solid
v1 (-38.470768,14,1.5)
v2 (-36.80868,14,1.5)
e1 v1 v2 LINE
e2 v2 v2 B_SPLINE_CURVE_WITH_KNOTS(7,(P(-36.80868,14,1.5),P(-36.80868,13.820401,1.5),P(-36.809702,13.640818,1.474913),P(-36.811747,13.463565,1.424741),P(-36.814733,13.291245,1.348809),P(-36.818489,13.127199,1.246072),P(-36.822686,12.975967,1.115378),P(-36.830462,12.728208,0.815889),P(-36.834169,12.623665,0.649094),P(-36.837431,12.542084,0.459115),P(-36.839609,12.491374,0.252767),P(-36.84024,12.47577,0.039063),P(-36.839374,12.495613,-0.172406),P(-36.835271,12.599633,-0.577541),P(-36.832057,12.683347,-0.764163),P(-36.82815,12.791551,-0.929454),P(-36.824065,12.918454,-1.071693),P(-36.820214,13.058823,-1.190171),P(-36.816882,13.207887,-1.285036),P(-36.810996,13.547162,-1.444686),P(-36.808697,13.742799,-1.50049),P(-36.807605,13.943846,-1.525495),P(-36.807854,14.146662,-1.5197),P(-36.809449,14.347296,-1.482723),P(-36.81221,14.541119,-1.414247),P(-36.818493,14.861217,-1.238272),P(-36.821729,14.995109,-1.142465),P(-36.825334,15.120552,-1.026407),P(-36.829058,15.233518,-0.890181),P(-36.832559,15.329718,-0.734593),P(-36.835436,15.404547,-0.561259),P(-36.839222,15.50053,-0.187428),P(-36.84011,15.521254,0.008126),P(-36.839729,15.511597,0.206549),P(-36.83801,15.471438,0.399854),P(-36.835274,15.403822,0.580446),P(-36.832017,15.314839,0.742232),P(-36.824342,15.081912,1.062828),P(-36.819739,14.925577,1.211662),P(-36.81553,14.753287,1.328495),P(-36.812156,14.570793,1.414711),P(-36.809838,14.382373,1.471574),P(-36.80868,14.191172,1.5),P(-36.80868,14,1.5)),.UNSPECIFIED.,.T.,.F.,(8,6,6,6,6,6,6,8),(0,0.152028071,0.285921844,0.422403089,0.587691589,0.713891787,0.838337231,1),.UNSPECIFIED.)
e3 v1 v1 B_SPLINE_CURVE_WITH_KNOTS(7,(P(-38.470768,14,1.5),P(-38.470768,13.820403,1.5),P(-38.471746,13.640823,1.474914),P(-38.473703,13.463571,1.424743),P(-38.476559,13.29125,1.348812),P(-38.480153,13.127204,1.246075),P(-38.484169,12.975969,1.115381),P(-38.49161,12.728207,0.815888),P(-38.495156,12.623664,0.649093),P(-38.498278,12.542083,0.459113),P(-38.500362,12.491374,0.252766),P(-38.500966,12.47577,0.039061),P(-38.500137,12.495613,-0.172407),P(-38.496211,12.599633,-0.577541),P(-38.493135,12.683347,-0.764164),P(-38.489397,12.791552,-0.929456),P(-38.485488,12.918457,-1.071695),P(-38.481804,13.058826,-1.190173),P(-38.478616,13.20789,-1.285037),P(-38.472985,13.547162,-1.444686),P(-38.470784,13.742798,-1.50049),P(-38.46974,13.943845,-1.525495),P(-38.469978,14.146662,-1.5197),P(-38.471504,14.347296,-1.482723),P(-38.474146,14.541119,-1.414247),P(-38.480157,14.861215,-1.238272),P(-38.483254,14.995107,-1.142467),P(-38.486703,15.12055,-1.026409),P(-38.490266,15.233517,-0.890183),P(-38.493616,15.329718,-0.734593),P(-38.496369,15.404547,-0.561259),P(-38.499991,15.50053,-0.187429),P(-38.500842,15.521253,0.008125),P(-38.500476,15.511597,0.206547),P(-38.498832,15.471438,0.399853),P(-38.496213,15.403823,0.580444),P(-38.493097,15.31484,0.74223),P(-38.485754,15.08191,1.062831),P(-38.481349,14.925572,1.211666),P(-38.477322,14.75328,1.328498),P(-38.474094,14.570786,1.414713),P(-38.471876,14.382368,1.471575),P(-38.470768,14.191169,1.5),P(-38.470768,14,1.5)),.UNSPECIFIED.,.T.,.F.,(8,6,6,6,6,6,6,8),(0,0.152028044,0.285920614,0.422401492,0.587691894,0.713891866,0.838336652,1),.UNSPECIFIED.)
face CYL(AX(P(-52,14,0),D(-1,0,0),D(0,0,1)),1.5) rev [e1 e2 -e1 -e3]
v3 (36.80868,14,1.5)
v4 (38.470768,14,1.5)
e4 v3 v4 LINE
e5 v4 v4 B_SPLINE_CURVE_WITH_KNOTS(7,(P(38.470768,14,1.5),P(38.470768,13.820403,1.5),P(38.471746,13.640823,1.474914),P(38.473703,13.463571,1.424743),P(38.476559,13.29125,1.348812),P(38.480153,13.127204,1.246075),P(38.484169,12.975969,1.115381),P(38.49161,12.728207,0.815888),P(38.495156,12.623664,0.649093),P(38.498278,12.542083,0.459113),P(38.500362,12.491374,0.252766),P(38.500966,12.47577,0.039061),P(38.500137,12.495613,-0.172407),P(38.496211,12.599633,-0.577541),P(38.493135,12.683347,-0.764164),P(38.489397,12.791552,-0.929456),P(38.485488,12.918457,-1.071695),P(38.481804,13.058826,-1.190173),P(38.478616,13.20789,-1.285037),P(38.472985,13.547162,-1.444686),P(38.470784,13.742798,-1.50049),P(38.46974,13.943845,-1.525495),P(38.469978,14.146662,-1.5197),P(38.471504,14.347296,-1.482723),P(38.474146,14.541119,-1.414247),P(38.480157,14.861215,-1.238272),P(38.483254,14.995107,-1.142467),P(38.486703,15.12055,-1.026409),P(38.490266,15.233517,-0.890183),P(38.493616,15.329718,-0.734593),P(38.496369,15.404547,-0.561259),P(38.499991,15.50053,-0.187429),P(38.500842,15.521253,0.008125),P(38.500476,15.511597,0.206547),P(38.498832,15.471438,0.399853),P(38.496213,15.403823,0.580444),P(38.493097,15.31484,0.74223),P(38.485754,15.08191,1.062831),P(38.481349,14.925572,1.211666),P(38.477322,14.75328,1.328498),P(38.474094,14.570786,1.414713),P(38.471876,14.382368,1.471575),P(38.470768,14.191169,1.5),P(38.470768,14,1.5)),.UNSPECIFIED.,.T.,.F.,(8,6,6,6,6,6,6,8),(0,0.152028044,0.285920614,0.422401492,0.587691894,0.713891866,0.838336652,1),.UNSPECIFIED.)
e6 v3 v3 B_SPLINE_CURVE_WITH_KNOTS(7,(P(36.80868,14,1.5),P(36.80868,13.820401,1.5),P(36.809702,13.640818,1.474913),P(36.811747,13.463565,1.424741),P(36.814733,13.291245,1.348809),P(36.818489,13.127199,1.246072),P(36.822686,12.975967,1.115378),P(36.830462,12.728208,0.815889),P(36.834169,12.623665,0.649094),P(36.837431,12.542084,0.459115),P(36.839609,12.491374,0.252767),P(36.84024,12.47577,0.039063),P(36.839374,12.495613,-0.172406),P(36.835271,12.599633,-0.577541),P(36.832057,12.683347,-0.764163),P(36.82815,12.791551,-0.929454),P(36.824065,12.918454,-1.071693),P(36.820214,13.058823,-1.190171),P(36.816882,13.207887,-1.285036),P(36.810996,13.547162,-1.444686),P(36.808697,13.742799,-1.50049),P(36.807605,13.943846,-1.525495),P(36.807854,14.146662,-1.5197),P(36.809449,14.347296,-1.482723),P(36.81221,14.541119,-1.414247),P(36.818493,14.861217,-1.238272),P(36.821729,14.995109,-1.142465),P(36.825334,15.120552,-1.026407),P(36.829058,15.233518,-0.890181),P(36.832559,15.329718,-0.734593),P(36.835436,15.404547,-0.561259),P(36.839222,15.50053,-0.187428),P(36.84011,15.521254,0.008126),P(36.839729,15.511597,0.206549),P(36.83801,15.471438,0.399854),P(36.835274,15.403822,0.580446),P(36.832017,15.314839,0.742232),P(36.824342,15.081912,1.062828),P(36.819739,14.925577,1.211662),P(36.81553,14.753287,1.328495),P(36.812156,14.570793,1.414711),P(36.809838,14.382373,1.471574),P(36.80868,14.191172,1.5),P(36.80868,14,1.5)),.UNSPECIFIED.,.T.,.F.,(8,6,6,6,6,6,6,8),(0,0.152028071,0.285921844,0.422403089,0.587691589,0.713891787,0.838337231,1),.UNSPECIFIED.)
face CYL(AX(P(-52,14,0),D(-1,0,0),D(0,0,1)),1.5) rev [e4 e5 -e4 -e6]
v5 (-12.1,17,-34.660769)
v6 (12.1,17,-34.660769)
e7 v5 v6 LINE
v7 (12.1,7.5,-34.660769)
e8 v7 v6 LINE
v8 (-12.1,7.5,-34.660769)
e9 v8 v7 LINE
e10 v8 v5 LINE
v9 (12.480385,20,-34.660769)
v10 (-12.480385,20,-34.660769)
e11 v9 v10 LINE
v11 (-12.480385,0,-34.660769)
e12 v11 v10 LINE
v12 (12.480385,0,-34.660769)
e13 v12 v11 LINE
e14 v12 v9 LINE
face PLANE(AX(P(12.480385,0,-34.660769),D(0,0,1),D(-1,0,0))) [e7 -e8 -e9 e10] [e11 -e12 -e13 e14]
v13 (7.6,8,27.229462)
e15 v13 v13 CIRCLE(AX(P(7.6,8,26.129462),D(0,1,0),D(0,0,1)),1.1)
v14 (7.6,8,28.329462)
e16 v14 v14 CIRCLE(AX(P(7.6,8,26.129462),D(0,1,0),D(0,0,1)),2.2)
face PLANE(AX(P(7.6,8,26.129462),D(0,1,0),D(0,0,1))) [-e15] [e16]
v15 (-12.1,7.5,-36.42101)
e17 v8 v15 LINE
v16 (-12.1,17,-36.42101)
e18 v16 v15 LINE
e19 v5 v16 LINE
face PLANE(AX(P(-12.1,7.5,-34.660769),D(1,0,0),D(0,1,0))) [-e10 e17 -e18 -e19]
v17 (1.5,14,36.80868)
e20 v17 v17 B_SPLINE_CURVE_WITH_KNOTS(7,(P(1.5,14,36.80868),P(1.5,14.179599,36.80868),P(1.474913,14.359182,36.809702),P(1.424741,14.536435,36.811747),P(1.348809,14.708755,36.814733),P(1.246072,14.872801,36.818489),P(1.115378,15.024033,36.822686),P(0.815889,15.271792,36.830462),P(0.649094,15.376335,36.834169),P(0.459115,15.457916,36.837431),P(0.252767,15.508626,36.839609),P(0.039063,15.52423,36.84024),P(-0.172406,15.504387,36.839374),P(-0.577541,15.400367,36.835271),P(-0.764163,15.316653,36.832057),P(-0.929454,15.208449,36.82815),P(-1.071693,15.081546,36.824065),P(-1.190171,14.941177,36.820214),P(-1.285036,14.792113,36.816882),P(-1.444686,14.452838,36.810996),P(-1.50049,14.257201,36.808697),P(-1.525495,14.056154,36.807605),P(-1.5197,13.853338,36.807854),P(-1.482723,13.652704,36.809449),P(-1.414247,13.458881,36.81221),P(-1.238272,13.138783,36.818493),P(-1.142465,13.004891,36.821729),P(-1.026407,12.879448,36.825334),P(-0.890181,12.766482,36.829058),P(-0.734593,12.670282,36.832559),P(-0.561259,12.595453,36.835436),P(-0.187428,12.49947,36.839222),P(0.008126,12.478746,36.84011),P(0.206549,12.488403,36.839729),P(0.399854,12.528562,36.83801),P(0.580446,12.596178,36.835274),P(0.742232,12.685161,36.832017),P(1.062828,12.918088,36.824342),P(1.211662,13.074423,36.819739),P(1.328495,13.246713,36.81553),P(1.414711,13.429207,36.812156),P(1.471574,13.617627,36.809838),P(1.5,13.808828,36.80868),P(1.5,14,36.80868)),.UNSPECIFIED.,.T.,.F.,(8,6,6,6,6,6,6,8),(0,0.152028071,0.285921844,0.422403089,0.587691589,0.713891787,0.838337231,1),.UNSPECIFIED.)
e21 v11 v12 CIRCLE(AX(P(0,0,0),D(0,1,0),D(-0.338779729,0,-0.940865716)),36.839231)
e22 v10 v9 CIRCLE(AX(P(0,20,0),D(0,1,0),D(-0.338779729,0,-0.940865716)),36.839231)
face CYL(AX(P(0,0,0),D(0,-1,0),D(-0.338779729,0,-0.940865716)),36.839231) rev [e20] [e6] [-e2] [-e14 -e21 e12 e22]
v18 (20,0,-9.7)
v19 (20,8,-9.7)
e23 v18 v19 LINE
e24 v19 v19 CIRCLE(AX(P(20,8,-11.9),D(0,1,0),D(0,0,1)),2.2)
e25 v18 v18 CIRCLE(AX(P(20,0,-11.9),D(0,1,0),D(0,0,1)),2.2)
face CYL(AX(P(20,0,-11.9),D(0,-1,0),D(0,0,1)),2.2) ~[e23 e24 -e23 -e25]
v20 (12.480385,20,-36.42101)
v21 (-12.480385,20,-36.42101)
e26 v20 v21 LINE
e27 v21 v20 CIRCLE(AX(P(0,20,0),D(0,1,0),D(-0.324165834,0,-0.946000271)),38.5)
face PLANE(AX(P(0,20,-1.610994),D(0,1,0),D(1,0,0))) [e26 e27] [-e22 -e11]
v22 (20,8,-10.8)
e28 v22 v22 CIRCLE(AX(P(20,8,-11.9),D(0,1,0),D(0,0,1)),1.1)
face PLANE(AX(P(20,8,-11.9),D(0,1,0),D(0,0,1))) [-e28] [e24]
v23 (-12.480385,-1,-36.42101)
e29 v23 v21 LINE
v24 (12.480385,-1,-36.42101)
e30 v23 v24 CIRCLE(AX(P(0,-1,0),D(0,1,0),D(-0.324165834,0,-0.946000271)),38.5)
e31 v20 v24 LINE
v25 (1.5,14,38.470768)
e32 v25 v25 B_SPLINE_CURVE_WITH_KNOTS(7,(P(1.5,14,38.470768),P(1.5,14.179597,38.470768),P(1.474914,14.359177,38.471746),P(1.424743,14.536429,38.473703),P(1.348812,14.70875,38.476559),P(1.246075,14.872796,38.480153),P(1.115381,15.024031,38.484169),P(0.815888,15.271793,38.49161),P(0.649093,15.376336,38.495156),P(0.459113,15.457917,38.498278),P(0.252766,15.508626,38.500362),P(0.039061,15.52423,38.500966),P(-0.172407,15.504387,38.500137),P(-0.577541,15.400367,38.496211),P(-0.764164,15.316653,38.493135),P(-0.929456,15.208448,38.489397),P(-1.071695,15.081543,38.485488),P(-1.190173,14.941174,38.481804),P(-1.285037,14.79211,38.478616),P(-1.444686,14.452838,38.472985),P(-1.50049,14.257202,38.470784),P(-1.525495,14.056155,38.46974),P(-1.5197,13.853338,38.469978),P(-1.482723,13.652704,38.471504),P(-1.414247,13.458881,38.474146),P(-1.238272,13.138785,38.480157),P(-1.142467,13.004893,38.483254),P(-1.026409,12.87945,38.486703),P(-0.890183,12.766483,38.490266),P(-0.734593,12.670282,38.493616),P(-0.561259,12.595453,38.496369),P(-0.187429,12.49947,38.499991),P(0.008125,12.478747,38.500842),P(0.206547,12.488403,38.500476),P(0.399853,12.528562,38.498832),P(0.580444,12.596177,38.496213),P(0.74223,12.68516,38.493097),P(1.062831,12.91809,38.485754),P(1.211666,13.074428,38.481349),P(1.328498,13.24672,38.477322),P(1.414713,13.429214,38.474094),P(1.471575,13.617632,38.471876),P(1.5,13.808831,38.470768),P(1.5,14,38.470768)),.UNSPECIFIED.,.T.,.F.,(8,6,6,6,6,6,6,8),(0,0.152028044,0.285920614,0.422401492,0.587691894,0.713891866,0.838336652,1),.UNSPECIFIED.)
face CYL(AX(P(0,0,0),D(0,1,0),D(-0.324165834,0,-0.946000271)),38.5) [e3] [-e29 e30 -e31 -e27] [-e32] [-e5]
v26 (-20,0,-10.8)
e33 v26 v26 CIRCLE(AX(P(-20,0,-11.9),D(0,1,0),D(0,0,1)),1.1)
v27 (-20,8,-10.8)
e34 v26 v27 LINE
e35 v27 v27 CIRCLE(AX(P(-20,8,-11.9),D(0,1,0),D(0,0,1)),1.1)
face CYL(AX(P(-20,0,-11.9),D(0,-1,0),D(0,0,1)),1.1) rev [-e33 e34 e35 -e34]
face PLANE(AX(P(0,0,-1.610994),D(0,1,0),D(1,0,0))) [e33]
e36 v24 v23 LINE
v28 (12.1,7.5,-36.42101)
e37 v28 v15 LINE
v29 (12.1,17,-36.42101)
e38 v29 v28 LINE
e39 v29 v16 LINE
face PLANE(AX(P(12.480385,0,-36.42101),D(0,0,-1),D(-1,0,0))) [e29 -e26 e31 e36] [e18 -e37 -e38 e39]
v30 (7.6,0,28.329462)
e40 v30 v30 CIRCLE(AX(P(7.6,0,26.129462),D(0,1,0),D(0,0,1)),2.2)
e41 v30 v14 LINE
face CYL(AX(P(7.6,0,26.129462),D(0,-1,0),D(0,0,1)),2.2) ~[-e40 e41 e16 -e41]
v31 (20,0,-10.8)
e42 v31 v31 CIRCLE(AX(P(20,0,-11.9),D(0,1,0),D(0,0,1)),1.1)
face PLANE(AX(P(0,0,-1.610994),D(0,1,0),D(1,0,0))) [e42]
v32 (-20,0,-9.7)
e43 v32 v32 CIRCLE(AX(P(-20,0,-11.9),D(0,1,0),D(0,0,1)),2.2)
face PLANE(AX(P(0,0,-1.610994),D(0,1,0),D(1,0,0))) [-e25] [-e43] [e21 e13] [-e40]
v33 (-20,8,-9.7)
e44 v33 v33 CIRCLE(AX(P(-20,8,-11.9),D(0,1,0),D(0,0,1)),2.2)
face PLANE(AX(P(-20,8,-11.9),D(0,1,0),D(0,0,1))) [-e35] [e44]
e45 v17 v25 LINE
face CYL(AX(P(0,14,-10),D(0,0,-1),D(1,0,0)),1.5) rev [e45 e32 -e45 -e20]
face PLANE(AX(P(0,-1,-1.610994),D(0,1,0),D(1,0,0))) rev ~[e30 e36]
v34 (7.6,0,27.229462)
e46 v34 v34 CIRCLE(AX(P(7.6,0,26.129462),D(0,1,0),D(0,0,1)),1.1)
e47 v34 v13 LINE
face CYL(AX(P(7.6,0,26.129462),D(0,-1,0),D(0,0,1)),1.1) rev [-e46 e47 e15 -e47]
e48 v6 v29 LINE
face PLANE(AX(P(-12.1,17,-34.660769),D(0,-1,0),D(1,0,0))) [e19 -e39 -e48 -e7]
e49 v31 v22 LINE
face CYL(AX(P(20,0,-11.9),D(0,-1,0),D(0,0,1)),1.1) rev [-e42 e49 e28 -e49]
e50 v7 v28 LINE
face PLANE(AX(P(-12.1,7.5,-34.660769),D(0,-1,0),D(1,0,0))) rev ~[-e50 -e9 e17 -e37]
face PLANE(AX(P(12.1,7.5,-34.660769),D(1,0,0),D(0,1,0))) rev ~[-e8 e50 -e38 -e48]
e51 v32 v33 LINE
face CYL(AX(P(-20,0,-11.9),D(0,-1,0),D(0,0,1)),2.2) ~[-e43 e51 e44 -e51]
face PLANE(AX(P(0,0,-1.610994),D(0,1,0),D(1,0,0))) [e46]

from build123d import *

# Parameters (mm, degrees)
SKETCH1_R               = 2.2
SKETCH1_R_2             = 1.1
BOSS_EXTRUDE3_DEPTH     = 8
BOSS_EXTRUDE3_2_DEPTH   = 8
BOSS_EXTRUDE4_DEPTH     = 20
BOSS_EXTRUDE8_DEPTH     = 1
SKETCH2_W               = 24.2
SKETCH2_H               = 9.5
CUT_EXTRUDE2_DEPTH      = 9
SKETCH1_11_R            = 2.2
SKETCH1_11_R_2          = 1.1
BOSS_EXTRUDE9_DEPTH     = 8
CUT_EXTRUDE3_DEPTH      = 58
CUT_EXTRUDE3_DEPTH_BACK = 52
SKETCH3_R               = 1.5
CUT_EXTRUDE4_DEPTH      = 52
CUT_EXTRUDE4_DEPTH_BACK = 10
SKETCH4_R               = 1.5


with BuildPart() as part:
    # Sketch1 → Boss-Extrude3 (new body)
    with BuildSketch(Plane(origin=(0, 0, 0), x_dir=(1, 0, 0), z_dir=(0, 1, 0))):
        with Locations(Location((-20, 11.9, 0), (0, 0, 270))):
            Circle(SKETCH1_R)
        with Locations(Location((-20, 11.9, 0), (0, 0, 270))):
            Circle(SKETCH1_R_2, mode=Mode.SUBTRACT)
    extrude(amount=BOSS_EXTRUDE3_DEPTH)



with BuildPart() as body_2:
    # Sketch1 → Boss-Extrude3 2 (new body)
    with BuildSketch(Plane(origin=(0, 0, 0), x_dir=(1, 0, 0), z_dir=(0, 1, 0))):
        with Locations(Location((20, 11.9, 0), (0, 0, 270))):
            Circle(SKETCH1_R)
        with Locations(Location((20, 11.9, 0), (0, 0, 270))):
            Circle(SKETCH1_R_2, mode=Mode.SUBTRACT)
    extrude(amount=BOSS_EXTRUDE3_2_DEPTH)


with BuildPart() as body_3:
    # Sketch1<6> → Boss-Extrude4 (new body)
    with BuildSketch(Plane(origin=(0, 0, 0), x_dir=(1, 0, 0), z_dir=(0, 1, 0))):
        with BuildLine():
            Line((12.480384609, 36.42101042), (-12.480384609, 36.42101042))
            ThreePointArc((-12.480384609, 36.42101042), (0, -38.5), (12.480384609, 36.42101042))
        make_face()
        with BuildLine():
            ThreePointArc((-12.480384609, 34.660769231), (0, -36.839230769), (12.480384609, 34.660769231))
            Line((12.480384609, 34.660769231), (-12.480384609, 34.660769231))
        make_face(mode=Mode.SUBTRACT)
    extrude(amount=BOSS_EXTRUDE4_DEPTH)


with BuildPart() as part_1:
    add(part.part)

    add(body_2.part)  # Boss-Extrude8 merges body 2

    add(body_3.part)  # Boss-Extrude8 merges body 3
    # Sketch1<10> → Boss-Extrude8 (add)
    with BuildSketch(Plane(origin=(0, 0, 0), x_dir=(1, 0, 0), z_dir=(0, 1, 0))):
        with BuildLine():
            Line((12.480384609, 36.42101042), (-12.480384609, 36.42101042))
            ThreePointArc((-12.480384609, 36.42101042), (0, -38.5), (12.480384609, 36.42101042))
        make_face()
    extrude(amount=-BOSS_EXTRUDE8_DEPTH)

    # Sketch2 → Cut-Extrude2 (cut)
    with BuildSketch(Plane.XY.offset(-34.660769231)):
        with Locations((0, 12.25)):
            Rectangle(SKETCH2_W, SKETCH2_H)
    extrude(amount=-CUT_EXTRUDE2_DEPTH, mode=Mode.SUBTRACT)

    # Sketch1<11> → Boss-Extrude9 (add)
    with BuildSketch(Plane(origin=(0, 0, 0), x_dir=(1, 0, 0), z_dir=(0, 1, 0))):
        with Locations(Location((7.6, -26.129462263, 0), (0, 0, 270))):
            Circle(SKETCH1_11_R)
        with Locations(Location((7.6, -26.129462263, 0), (0, 0, 270))):
            Circle(SKETCH1_11_R_2, mode=Mode.SUBTRACT)
    extrude(amount=BOSS_EXTRUDE9_DEPTH)

    # Sketch3 → Cut-Extrude3 (cut, two sides: drawn at the far end of the back side and taken through both)
    with BuildSketch(Plane(origin=(0, 0, 0), x_dir=(0, 0, -1), z_dir=(1, 0, 0)).offset(-CUT_EXTRUDE3_DEPTH_BACK)):
        with Locations(Location((0, 14, 0), (0, 0, 180))):
            Circle(SKETCH3_R)
    extrude(amount=CUT_EXTRUDE3_DEPTH + CUT_EXTRUDE3_DEPTH_BACK, mode=Mode.SUBTRACT)

    # Sketch4 → Cut-Extrude4 (cut, two sides: drawn at the far end of the back side and taken through both)
    with BuildSketch(Plane.XY.offset(-CUT_EXTRUDE4_DEPTH_BACK)):
        with Locations((0, 14)):
            Circle(SKETCH4_R)
    extrude(amount=CUT_EXTRUDE4_DEPTH + CUT_EXTRUDE4_DEPTH_BACK, mode=Mode.SUBTRACT)


solid = part_1.part
